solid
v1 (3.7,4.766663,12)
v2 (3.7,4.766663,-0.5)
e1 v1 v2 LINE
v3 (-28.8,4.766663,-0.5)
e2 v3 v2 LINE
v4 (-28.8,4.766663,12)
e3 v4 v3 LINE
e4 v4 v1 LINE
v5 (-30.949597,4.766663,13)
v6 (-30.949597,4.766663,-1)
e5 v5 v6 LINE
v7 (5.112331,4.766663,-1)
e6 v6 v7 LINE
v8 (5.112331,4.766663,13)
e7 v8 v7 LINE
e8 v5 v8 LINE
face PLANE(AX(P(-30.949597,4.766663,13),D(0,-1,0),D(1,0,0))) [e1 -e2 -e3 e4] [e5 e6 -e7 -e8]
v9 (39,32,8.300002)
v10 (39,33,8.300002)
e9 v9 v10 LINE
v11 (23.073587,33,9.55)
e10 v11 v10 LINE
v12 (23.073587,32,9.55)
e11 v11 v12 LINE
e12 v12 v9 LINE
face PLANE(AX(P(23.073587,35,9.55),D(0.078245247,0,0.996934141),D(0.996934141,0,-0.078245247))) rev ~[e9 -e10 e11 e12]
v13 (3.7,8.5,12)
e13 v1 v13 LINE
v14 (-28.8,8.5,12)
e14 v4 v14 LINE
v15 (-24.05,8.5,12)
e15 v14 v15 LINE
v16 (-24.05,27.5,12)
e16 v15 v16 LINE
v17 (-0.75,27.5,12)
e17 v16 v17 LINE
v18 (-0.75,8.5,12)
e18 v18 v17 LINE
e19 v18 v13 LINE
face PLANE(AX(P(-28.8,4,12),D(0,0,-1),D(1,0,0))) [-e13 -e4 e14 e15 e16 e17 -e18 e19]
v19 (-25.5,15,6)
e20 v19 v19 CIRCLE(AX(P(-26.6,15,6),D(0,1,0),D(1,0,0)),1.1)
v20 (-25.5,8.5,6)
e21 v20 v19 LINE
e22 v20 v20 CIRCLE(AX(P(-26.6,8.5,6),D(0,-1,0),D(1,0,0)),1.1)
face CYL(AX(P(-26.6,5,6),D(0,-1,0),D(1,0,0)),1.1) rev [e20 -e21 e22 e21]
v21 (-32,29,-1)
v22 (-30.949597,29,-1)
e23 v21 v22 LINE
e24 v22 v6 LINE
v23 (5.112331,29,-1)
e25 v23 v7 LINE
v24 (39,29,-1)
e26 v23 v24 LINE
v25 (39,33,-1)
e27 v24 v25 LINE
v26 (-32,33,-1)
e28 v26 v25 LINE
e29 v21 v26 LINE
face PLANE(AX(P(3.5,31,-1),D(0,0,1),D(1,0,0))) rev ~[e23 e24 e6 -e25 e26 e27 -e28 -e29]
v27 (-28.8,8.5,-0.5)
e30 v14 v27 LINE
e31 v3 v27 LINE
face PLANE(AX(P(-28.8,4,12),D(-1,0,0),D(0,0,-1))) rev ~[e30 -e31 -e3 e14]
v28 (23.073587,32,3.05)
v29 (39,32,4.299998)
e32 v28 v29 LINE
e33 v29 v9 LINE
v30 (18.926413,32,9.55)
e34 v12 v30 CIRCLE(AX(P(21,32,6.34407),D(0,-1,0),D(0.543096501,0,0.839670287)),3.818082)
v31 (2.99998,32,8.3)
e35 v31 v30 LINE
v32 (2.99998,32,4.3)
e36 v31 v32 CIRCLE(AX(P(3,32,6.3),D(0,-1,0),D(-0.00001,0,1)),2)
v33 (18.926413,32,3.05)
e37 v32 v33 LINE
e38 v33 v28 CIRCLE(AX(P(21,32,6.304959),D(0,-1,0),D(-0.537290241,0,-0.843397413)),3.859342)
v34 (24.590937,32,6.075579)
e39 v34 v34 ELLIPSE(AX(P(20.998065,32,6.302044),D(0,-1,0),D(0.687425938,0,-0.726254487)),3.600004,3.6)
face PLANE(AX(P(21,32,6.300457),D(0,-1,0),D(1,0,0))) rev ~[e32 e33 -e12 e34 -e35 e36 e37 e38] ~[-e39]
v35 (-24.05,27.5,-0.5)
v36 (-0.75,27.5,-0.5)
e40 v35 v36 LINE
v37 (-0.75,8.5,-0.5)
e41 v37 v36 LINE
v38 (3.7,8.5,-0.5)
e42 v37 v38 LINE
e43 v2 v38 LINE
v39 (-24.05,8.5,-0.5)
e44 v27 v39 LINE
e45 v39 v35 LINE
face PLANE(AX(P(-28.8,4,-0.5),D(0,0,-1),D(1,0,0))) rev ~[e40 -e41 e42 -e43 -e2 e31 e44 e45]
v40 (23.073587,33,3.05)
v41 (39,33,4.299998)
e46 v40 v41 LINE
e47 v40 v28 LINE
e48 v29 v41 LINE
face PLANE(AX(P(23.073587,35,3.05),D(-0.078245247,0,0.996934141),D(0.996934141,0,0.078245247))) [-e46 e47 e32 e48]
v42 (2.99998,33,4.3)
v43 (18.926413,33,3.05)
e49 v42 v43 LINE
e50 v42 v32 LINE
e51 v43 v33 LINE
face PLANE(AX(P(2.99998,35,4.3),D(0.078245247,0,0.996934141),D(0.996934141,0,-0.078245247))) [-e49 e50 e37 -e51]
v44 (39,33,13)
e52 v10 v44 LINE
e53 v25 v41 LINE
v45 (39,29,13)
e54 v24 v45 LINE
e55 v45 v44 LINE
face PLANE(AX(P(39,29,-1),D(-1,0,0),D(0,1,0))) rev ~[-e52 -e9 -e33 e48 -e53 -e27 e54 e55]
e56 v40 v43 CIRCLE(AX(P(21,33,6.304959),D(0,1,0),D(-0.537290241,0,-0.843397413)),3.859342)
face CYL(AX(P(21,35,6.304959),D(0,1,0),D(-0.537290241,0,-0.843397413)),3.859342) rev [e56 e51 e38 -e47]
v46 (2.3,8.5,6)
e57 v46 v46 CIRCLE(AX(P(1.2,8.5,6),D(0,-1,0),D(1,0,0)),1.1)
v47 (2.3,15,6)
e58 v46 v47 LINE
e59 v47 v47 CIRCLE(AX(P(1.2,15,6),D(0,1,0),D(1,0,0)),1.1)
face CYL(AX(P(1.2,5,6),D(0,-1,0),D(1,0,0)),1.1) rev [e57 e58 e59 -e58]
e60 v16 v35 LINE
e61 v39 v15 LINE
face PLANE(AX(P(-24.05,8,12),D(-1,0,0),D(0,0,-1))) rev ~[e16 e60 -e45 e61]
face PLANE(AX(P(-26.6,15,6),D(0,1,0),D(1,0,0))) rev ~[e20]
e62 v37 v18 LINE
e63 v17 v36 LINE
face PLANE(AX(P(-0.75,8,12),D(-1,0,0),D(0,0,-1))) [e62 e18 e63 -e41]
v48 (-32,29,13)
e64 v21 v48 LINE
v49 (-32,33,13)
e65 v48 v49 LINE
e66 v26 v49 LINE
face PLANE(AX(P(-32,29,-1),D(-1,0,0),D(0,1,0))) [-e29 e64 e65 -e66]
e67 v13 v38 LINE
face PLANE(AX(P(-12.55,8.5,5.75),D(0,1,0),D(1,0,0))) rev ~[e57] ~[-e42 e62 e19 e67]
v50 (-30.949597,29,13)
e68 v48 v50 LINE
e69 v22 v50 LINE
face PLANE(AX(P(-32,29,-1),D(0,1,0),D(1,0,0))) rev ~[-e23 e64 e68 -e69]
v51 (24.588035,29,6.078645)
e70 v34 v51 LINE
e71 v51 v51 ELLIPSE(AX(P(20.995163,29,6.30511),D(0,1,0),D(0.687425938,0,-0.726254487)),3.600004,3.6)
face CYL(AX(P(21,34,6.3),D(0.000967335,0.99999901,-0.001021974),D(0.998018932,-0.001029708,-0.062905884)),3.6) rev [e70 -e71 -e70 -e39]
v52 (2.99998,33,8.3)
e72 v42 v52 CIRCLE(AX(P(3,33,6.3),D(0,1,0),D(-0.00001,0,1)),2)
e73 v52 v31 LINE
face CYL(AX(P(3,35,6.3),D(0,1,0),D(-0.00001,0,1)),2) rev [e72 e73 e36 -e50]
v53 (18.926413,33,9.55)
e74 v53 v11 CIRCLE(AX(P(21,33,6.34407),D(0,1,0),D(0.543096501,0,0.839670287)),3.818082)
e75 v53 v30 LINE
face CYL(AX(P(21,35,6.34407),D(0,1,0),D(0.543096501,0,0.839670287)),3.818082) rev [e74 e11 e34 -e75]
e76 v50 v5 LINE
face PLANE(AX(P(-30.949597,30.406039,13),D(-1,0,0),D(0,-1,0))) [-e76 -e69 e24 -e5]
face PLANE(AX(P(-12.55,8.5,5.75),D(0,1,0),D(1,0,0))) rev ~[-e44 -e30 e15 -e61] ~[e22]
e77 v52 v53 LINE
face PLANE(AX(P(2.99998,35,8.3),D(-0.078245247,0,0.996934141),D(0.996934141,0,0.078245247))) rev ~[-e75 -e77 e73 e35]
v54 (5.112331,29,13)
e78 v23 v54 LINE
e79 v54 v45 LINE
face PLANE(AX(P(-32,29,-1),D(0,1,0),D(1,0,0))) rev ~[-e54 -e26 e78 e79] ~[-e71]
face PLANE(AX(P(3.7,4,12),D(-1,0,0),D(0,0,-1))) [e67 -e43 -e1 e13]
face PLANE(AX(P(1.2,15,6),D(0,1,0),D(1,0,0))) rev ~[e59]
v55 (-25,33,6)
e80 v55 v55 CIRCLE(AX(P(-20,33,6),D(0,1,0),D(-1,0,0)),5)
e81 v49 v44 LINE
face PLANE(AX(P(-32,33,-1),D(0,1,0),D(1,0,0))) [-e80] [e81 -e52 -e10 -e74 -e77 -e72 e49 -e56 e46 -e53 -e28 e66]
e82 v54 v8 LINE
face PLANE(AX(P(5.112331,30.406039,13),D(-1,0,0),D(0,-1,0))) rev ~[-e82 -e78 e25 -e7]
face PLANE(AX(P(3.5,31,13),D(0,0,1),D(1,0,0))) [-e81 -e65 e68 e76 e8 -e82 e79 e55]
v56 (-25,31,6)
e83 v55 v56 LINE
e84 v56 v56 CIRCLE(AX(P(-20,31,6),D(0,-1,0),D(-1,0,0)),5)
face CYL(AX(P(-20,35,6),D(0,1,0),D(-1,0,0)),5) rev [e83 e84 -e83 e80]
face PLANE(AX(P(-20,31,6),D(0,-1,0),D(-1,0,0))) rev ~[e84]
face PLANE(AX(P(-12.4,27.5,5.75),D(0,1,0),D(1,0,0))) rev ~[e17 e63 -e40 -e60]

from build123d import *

# Parameters (mm, degrees)
CYLINDER_R                  = 1.1
CYLINDER_DEPTH              = 10
CYLINDER001_R               = 1.1
CYLINDER001_DEPTH           = 10
SKETCH002_W                 = 23.3
SKETCH002_H                 = 12.5
PAD002_DEPTH                = 19.5
SKETCH_W                    = 32.5
SKETCH_H                    = 12.5
PAD001_DEPTH                = 4.5
SKETCH001_W                 = 36.061928
SKETCH001_H                 = 25.639376
PAD_DEPTH                   = 14
CUT002_PLACEMENT_ANGLE      = 180
CYLINDER010_R               = 3.6
CYLINDER010_DEPTH           = 8
CYLINDER010_ROLL_ANGLE      = 89.941329
CYLINDER010_PITCH_ANGLE     = 3.606623
CYLINDER010_PLACEMENT_ANGLE = -0.059115
PAD013_DEPTH                = 3
CYLINDER006_R               = 5
CYLINDER006_DEPTH           = 4
BOX_W                       = 71
BOX_H                       = 4
BOX_DEPTH                   = 14


with BuildPart() as cylinder:
    # Cylinder → Cylinder (new body)
    with BuildSketch(Plane(origin=(30, 22, 6), x_dir=(1, 0, 0), z_dir=(0, -1, 0))):
        Circle(CYLINDER_R)
    extrude(amount=CYLINDER_DEPTH)


with BuildPart() as tornillossoporteservohollo:
    # Cylinder001 → Cylinder001 (new body)
    with BuildSketch(Plane(origin=(2.2, 22, 6), x_dir=(1, 0, 0), z_dir=(0, -1, 0))):
        Circle(CYLINDER001_R)
    extrude(amount=CYLINDER001_DEPTH)

    # Fusion: union Cylinder
    add(cylinder.part)


with BuildPart() as cortecuerpo:
    # Sketch002 → Pad002 (new body)
    with BuildSketch(Plane.XZ):
        with Locations((16.4, 6.25)):
            Rectangle(SKETCH002_W, SKETCH002_H)
    extrude(amount=PAD002_DEPTH)


with BuildPart() as cortecuerpo_1:
    # Body004 placement: moved
    add(cortecuerpo.part.moved(Location((0, 19, 0))))


with BuildPart() as cortetornillos:
    # Sketch → Pad001 (new body)
    with BuildSketch(Plane.XZ):
        with Locations((16.25, 6.25)):
            Rectangle(SKETCH_W, SKETCH_H)
    extrude(amount=PAD001_DEPTH)


with BuildPart() as cortetornillos_1:
    # Body003 placement: moved
    add(cortetornillos.part.moved(Location((0, 23, 0))))


with BuildPart() as soporteservocaja:
    # Sketch001 → Pad (new body)
    with BuildSketch(Plane.XY):
        with Locations((15.881367, 9.413649)):
            Rectangle(SKETCH001_W, SKETCH001_H)
    extrude(amount=PAD_DEPTH)


with BuildPart() as soporteservocaja_1:
    # Body placement: moved
    add(soporteservocaja.part.moved(Location((0, 0, -1))))

    # Cut: cut CorteTornillos
    add(cortetornillos_1.part, mode=Mode.SUBTRACT)

    # Cut001: cut CorteCuerpo
    add(cortecuerpo_1.part, mode=Mode.SUBTRACT)

    # Cut002: cut tornillosSoporteServoHollo
    add(tornillossoporteservohollo.part, mode=Mode.SUBTRACT)


with BuildPart() as soporteservocaja_2:
    # Cut002 placement: moved
    add(soporteservocaja_1.part.moved(Location((-28.8, 27, 12))).rotate(Axis((-28.8, 27, 12), (1, 0, 0)), CUT002_PLACEMENT_ANGLE))


with BuildPart() as cylinder010:
    # Cylinder010 → Cylinder010 (new body)
    with BuildSketch(Plane.XY):
        Circle(CYLINDER010_R)
    extrude(amount=CYLINDER010_DEPTH)


with BuildPart() as cylinder010_1:
    # Cylinder010 roll: moved
    add(cylinder010.part.rotate(Axis((0, 0, 0), (1, 0, 0)), CYLINDER010_ROLL_ANGLE))


with BuildPart() as cylinder010_2:
    # Cylinder010 pitch: moved
    add(cylinder010_1.part.rotate(Axis((0, 0, 0), (0, 1, 0)), CYLINDER010_PITCH_ANGLE))


with BuildPart() as cylinder010_3:
    # Cylinder010 placement: moved
    add(cylinder010_2.part.moved(Location((21, 34, 6.3))).rotate(Axis((21, 34, 6.3), (0, 0, 1)), CYLINDER010_PLACEMENT_ANGLE))


with BuildPart() as servoagarre004:
    # Sketch013 → Pad013 (new body)
    with BuildSketch(Plane.XZ):
        with BuildLine():
            ThreePointArc((-18.00002, 2), (-20, 0), (-18.00002, -2))
            Line((-18.00002, -2), (-2.073587, -3.25))
            ThreePointArc((-2.073587, -3.25), (0, -3.854383), (2.073587, -3.25))
            Line((2.073587, -3.25), (18.00002, -2))
            ThreePointArc((18.00002, -2), (20, 0), (18.00002, 2))
            Line((2.073587, 3.25), (18.00002, 2))
            ThreePointArc((2.073587, 3.25), (0, 3.862152), (-2.073587, 3.25))
            Line((-18.00002, 2), (-2.073587, 3.25))
        make_face()
    extrude(amount=PAD013_DEPTH)


with BuildPart() as servoagarre004_1:
    # Body015 placement: moved
    add(servoagarre004.part.moved(Location((21, 35, 6.3))))

    # Fusion009: union Cylinder010
    add(cylinder010_3.part)


with BuildPart() as cylinder006:
    # Cylinder006 → Cylinder006 (new body)
    with BuildSketch(Plane(origin=(-20, 35, 6), x_dir=(-1, 0, 0), z_dir=(0, -1, 0))):
        Circle(CYLINDER006_R)
    extrude(amount=CYLINDER006_DEPTH)


with BuildPart() as fusion010:
    # Box → Box (new body)
    with BuildSketch(Plane(origin=(-32, 29, -1), x_dir=(1, 0, 0), z_dir=(0, 0, 1))):
        with Locations((35.5, 2)):
            Rectangle(BOX_W, BOX_H)
    extrude(amount=BOX_DEPTH)

    # Cut011: cut Cylinder006
    add(cylinder006.part, mode=Mode.SUBTRACT)

    # Cut012: cut ServoAgarre004
    add(servoagarre004_1.part, mode=Mode.SUBTRACT)

    # Fusion010: union SoporteServoCaja
    add(soporteservocaja_2.part)


solid = fusion010.part
